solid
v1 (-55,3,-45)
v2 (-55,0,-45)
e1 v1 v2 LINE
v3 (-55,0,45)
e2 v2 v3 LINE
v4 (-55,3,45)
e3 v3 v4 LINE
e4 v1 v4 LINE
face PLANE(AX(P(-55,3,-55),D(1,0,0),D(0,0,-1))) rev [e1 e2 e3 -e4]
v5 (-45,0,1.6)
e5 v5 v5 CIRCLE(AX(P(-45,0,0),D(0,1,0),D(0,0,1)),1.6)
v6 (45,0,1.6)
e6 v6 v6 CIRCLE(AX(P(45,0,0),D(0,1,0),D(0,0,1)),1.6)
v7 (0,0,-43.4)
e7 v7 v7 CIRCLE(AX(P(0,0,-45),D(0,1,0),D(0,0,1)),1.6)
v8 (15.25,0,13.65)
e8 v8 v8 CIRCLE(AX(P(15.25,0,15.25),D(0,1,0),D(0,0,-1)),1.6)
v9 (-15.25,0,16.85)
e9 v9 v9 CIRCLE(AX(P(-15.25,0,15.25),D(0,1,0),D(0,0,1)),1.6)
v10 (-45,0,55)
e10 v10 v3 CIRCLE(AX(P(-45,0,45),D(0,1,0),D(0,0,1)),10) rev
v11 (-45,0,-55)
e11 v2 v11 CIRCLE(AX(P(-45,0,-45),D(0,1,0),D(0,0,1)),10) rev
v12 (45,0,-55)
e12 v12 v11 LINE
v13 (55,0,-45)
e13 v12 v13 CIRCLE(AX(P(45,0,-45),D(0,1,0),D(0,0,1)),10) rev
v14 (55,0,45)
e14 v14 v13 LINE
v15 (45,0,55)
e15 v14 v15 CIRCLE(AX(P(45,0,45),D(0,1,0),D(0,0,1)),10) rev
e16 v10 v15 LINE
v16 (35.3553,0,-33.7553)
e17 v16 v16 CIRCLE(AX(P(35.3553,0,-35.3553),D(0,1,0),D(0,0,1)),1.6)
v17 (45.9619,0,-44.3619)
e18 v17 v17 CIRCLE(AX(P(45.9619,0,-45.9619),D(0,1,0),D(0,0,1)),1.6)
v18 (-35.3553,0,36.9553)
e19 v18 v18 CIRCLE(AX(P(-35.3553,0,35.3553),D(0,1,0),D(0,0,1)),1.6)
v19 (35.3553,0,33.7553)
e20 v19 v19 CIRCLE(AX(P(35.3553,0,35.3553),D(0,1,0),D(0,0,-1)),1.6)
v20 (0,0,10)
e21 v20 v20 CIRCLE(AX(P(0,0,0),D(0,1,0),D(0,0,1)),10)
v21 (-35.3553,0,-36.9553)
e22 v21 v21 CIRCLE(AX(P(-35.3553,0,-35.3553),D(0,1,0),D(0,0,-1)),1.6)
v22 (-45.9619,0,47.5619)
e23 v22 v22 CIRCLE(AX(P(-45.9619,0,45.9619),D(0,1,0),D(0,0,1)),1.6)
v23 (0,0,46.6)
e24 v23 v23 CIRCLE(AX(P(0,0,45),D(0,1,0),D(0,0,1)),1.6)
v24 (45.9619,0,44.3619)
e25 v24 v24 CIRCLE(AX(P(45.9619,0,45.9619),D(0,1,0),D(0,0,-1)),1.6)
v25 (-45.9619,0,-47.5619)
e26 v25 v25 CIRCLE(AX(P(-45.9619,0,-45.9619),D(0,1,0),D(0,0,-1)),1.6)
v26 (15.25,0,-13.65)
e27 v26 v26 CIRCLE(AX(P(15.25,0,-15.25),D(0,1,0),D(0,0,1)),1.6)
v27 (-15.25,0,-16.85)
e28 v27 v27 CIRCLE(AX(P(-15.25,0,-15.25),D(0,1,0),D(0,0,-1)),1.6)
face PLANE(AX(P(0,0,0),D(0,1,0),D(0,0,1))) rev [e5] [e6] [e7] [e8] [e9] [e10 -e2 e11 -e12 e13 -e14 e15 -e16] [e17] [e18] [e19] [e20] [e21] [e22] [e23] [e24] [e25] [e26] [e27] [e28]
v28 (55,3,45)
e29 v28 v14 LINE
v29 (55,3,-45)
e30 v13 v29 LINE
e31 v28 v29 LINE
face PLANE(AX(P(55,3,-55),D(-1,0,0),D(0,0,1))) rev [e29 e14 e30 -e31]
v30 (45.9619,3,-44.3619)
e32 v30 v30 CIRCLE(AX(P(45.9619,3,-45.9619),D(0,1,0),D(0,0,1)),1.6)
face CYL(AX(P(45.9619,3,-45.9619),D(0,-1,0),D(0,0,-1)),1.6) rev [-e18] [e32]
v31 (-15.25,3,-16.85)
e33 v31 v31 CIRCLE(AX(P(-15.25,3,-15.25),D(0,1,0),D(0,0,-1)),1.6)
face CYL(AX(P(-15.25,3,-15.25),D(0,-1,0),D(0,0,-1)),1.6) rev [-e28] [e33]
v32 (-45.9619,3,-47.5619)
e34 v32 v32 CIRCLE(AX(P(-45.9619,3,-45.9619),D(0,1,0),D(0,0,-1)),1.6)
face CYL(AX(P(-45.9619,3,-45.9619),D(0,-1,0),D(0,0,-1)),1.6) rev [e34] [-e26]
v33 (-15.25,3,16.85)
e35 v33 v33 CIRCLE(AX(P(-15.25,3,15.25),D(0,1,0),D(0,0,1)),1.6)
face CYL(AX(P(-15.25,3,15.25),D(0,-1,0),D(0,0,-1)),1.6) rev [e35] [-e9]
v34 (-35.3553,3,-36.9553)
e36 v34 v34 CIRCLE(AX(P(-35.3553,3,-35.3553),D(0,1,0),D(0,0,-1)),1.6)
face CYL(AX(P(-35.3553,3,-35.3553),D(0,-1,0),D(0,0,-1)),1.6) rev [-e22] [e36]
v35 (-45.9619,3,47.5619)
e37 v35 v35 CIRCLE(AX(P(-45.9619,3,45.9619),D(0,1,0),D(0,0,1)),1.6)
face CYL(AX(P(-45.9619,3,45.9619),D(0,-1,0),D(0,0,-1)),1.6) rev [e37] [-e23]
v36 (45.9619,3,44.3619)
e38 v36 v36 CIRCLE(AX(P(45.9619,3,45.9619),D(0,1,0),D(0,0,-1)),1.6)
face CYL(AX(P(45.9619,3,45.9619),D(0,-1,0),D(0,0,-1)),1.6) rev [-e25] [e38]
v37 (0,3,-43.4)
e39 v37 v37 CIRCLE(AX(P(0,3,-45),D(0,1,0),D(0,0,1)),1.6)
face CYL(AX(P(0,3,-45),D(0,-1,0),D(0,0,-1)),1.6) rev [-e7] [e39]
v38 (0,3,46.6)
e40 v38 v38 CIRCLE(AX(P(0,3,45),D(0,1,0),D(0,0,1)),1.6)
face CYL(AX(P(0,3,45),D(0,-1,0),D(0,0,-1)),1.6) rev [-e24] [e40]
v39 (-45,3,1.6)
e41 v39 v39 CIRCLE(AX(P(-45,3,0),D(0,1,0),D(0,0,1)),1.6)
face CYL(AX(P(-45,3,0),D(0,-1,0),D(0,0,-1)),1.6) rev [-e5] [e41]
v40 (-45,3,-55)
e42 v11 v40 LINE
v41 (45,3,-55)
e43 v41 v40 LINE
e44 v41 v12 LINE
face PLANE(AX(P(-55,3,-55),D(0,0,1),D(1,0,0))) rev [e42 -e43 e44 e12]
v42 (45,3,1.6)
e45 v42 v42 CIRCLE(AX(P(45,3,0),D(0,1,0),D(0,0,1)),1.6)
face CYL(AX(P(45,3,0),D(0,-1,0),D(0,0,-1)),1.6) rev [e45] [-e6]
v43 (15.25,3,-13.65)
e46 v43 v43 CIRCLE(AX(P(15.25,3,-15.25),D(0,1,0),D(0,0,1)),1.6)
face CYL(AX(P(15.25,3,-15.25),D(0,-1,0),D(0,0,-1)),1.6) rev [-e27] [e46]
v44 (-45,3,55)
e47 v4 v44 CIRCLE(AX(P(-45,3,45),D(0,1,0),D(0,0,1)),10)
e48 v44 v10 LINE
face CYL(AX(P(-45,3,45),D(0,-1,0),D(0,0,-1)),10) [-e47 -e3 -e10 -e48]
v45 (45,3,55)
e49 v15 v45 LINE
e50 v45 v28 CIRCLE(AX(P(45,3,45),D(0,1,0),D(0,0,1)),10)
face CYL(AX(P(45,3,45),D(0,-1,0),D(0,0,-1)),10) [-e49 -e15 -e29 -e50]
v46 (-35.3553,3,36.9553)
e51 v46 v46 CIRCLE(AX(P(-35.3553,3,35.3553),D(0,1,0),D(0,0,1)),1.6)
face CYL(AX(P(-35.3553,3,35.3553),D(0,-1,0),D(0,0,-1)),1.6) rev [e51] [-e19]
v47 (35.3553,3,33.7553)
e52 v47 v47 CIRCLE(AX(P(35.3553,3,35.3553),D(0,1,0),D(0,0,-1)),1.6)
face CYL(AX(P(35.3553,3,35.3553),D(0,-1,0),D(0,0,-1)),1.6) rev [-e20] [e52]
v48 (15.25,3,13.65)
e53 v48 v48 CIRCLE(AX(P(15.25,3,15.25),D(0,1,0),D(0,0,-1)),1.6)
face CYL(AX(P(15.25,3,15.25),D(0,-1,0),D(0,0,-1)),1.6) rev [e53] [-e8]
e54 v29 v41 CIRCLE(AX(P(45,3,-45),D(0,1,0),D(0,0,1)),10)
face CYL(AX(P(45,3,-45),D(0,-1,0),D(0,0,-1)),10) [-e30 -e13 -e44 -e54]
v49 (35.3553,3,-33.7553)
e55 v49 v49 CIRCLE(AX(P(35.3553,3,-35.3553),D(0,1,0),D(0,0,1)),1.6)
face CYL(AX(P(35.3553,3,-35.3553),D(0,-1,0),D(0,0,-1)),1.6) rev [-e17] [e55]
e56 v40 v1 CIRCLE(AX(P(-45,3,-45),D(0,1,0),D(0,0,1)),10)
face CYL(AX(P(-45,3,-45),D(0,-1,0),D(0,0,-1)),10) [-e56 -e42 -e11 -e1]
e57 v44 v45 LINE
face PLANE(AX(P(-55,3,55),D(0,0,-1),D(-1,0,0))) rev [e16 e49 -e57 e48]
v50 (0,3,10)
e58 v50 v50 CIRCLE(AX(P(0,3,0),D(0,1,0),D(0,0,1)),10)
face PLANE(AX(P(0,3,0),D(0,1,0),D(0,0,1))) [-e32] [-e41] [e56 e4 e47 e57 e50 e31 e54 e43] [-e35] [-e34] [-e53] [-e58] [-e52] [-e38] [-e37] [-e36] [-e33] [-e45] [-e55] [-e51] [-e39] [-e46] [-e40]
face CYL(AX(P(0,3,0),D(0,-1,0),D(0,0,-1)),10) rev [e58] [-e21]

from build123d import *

# Parameters (mm, degrees)
SKETCH2_W           = 110
SKETCH2_H           = 110
SKETCH2_R           = 1.6
SKETCH2_R_2         = 10
BOSS_EXTRUDE1_DEPTH = 3
FILLET1_R           = 10


with BuildPart() as part:
    # Sketch2 → Boss-Extrude1 (new body)
    with BuildSketch(Plane(origin=(0, 0, 0), x_dir=(1, 0, 0), z_dir=(0, 1, 0))):
        Rectangle(SKETCH2_W, SKETCH2_H)
        with Locations(Location((15.25, 15.25, 0), (0, 0, 270))):
            Circle(SKETCH2_R, mode=Mode.SUBTRACT)
        with Locations(Location((-15.25, 15.25, 0), (0, 0, 90))):
            Circle(SKETCH2_R, mode=Mode.SUBTRACT)
        with Locations(Location((-15.25, -15.25, 0), (0, 0, 270))):
            Circle(SKETCH2_R, mode=Mode.SUBTRACT)
        with Locations(Location((15.25, -15.25, 0), (0, 0, 90))):
            Circle(SKETCH2_R, mode=Mode.SUBTRACT)
        with Locations(Location((35.3553, 35.3553, 0), (0, 0, 270))):
            Circle(SKETCH2_R, mode=Mode.SUBTRACT)
        with Locations(Location((45.9619, 45.9619, 0), (0, 0, 270))):
            Circle(SKETCH2_R, mode=Mode.SUBTRACT)
        with Locations(Location((-35.3553, 35.3553, 0), (0, 0, 90))):
            Circle(SKETCH2_R, mode=Mode.SUBTRACT)
        with Locations(Location((-45.9619, 45.9619, 0), (0, 0, 90))):
            Circle(SKETCH2_R, mode=Mode.SUBTRACT)
        with Locations(Location((45.9619, -45.9619, 0), (0, 0, 90))):
            Circle(SKETCH2_R, mode=Mode.SUBTRACT)
        with Locations(Location((35.3553, -35.3553, 0), (0, 0, 90))):
            Circle(SKETCH2_R, mode=Mode.SUBTRACT)
        with Locations(Location((-45.9619, -45.9619, 0), (0, 0, 270))):
            Circle(SKETCH2_R, mode=Mode.SUBTRACT)
        with Locations(Location((-35.3553, -35.3553, 0), (0, 0, 270))):
            Circle(SKETCH2_R, mode=Mode.SUBTRACT)
        with Locations(Location((0, 45, 0), (0, 0, 270))):
            Circle(SKETCH2_R, mode=Mode.SUBTRACT)
        with Locations(Location((0, -45, 0), (0, 0, 270))):
            Circle(SKETCH2_R, mode=Mode.SUBTRACT)
        with Locations(Location((45, 0, 0), (0, 0, 270))):
            Circle(SKETCH2_R, mode=Mode.SUBTRACT)
        with Locations(Location((-45, 0, 0), (0, 0, 270))):
            Circle(SKETCH2_R, mode=Mode.SUBTRACT)
        with Locations(Location((0, 0, 0), (0, 0, 270))):
            Circle(SKETCH2_R_2, mode=Mode.SUBTRACT)
    extrude(amount=BOSS_EXTRUDE1_DEPTH)

    # Fillet1
    fillet1_edges = [part.edges().sort_by_distance(p)[0] for p in [
        (55, 1.5, 55),
        (-55, 1.5, 55),
        (-55, 1.5, -55),
        (55, 1.5, -55),
    ]]
    fillet(fillet1_edges, radius=FILLET1_R)


solid = part.part
